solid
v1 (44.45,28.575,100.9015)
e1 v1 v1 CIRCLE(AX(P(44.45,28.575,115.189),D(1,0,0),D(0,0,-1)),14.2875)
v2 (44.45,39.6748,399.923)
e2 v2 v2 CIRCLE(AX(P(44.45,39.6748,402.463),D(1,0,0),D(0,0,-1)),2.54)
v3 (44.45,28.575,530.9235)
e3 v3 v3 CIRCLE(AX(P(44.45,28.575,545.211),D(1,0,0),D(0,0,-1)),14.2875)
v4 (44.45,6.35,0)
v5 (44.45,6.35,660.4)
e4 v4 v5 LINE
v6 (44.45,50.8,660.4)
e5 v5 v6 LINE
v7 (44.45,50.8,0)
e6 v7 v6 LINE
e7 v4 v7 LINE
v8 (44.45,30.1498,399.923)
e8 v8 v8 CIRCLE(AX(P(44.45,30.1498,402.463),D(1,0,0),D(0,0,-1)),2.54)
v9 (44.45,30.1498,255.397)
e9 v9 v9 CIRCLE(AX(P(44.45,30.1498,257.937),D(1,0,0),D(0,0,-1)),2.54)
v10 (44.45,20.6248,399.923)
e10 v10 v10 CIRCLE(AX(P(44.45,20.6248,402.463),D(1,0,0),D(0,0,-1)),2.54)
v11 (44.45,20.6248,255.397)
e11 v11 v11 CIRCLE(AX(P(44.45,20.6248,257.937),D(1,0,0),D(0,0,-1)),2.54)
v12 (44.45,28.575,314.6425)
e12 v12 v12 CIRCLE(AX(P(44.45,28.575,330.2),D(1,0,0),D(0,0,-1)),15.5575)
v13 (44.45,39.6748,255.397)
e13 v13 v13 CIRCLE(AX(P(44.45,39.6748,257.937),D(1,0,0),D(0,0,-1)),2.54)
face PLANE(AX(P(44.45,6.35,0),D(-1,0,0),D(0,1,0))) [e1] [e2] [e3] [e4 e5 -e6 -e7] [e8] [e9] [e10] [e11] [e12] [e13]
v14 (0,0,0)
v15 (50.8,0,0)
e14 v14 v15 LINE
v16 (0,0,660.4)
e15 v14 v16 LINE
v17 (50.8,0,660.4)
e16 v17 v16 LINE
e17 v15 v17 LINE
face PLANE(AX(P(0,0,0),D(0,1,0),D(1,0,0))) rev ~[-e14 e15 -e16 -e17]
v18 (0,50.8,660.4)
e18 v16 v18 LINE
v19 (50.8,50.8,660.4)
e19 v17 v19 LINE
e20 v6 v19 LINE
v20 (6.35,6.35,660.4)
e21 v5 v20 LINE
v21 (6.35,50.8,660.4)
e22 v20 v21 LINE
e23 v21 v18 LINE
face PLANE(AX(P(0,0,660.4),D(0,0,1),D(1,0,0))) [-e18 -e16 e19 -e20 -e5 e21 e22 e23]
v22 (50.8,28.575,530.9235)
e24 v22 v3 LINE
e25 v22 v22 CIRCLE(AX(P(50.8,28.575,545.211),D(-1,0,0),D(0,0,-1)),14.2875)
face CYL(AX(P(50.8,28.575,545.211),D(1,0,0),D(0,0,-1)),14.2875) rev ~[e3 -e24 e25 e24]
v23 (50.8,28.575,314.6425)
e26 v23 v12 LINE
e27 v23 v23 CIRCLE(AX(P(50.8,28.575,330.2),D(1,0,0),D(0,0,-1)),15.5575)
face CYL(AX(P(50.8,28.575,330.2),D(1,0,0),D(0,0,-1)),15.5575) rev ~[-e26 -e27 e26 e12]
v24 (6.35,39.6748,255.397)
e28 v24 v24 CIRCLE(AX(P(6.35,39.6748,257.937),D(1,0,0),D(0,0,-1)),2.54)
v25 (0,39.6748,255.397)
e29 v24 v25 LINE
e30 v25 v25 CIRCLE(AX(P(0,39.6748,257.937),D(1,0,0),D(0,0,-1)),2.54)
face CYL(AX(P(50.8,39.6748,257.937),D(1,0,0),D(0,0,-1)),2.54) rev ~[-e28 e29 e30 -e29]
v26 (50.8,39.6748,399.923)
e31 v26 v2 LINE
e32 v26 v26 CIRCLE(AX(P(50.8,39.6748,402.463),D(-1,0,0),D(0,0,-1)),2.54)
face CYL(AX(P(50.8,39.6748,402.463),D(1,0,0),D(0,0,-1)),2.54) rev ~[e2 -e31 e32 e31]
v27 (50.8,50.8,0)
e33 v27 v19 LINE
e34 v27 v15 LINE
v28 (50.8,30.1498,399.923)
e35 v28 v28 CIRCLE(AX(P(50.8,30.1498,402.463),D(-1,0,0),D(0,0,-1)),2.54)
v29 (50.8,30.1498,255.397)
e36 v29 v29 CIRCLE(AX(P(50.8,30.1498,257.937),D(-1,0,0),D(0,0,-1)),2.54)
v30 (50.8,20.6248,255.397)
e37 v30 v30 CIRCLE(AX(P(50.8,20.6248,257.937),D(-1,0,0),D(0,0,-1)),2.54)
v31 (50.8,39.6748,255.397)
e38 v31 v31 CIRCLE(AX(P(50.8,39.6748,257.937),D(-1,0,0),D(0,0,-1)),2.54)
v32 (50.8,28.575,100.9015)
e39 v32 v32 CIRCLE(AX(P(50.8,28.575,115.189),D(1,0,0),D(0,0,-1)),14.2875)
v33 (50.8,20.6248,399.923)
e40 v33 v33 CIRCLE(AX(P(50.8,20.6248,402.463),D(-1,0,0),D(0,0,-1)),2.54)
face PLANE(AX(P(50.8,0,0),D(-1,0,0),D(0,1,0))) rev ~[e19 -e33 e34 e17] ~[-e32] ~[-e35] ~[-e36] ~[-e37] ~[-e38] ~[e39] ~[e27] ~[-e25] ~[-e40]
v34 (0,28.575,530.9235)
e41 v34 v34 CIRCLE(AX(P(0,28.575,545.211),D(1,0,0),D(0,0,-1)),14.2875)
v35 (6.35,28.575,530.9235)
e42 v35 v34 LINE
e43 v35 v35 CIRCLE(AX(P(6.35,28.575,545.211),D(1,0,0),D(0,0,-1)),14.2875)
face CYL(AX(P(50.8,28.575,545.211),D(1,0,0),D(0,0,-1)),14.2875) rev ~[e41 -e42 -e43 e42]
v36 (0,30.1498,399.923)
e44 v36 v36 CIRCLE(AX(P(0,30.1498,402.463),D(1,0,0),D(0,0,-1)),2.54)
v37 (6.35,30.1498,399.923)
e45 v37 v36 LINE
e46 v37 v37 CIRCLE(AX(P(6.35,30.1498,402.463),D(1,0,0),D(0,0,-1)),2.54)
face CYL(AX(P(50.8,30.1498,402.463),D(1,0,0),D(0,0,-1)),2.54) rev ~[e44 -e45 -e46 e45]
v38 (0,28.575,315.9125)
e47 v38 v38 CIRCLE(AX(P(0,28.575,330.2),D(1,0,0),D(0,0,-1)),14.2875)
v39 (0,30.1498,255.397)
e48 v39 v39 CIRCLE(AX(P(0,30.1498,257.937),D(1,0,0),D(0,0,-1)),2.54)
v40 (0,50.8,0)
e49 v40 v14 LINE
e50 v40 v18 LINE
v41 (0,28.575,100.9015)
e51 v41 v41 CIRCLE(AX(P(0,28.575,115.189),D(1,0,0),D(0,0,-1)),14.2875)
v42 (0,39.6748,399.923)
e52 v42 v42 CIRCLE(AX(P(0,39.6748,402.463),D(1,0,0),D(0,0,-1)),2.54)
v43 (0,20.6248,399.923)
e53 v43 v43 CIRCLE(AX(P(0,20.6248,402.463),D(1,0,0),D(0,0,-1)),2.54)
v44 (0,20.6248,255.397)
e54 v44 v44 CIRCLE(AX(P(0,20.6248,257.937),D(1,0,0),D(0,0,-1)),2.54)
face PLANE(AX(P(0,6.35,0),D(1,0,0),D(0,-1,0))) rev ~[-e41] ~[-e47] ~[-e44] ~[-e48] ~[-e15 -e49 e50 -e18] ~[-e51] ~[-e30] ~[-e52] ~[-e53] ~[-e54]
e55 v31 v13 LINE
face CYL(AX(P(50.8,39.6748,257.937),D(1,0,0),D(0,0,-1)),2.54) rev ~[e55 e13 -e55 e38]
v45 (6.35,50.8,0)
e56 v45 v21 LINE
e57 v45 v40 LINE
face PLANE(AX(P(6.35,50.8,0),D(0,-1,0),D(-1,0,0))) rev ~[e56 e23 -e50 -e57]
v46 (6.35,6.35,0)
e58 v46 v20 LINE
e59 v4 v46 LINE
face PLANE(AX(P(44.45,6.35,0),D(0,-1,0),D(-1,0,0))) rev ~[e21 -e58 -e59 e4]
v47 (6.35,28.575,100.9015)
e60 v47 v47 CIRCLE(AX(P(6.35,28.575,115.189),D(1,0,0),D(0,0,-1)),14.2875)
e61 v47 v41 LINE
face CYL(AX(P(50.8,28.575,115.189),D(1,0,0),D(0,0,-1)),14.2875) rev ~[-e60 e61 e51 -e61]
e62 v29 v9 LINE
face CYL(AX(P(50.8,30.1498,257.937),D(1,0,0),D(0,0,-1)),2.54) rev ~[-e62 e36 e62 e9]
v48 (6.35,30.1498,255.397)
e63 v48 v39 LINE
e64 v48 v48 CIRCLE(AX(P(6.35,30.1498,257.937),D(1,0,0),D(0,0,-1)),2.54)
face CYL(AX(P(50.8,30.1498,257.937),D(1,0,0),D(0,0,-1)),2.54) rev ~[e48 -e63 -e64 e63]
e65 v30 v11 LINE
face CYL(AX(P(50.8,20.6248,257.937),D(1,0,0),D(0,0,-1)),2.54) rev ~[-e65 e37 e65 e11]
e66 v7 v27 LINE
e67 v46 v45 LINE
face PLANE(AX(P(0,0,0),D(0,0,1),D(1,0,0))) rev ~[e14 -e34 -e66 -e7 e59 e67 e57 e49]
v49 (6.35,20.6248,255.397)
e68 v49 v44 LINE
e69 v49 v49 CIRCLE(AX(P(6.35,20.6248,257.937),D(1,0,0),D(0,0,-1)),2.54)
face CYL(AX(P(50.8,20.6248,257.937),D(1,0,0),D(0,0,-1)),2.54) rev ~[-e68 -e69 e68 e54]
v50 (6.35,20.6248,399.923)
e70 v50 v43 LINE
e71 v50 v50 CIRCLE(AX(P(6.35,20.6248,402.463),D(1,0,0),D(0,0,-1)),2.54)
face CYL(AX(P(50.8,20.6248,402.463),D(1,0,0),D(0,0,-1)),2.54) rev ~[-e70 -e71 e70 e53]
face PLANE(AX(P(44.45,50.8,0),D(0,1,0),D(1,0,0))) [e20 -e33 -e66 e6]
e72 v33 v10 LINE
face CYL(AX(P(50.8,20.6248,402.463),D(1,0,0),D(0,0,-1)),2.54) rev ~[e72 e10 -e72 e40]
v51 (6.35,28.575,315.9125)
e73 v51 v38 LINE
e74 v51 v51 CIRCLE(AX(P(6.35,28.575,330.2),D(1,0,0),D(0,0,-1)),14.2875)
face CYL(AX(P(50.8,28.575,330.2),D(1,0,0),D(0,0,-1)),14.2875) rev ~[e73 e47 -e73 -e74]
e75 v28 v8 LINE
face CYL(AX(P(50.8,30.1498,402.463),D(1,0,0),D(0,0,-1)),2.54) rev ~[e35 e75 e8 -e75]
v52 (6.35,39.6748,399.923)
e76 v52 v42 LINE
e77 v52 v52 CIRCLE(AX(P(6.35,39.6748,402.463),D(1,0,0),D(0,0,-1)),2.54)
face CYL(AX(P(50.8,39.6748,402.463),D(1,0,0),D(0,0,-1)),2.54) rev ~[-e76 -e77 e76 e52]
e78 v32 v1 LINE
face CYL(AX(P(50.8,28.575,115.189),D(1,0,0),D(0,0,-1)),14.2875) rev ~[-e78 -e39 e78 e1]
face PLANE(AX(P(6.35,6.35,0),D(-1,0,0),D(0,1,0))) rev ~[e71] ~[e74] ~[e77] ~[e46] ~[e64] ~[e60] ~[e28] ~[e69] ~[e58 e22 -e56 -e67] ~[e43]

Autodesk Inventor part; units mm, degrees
ref_plane "YZ Plane" through (0, 0, 0) normal (1, 0, 0) x (0, 1, 0)
ref_plane "XZ Plane" through (0, 0, 0) normal (0, 1, 0) x (-1, 0, 0)
ref_plane "XY Plane" through (0, 0, 0) normal (0, 0, 1) x (1, 0, 0)
sketch "Sketch1" plane through (0, 0, 0) normal (0, 0, 1) x (1, 0, 0)
  line L0 (0, 0) -> (6.35, 0)
  line L1 (6.35, 0) -> (6.35, 50.8)
  line L2 (6.35, 50.8) -> (0, 50.8)
  line L3 (0, 50.8) -> (0, 0)
  line L4 (0, 0) -> (50.8, 0)
  line L5 (50.8, 0) -> (50.8, 6.35)
  line L6 (50.8, 6.35) -> (0, 6.35)
  line L7 (0, 6.35) -> (0, 0)
  line L8 (50.8, 0) -> (44.45, 0)
  line L9 (44.45, 0) -> (44.45, 50.8)
  line L10 (44.45, 50.8) -> (50.8, 50.8)
  line L11 (50.8, 50.8) -> (50.8, 0)
  dimension "d0" = 6.35
  dimension "d1" = 50.8
  dimension "d2" = 50.8
  dimension "d3" = 6.35
  dimension "d4" = 6.35
extrude "Extrusion1" add sketch "Sketch1" along normal blind 660.4
sketch "Sketch2" plane through (50.8, 0, 0) normal (1, 0, 0) x (0, 0, -1)
  line L0 (0, 0) -> (0, 6.35)
  line L1 (0, 0) -> (0, 50.8) projected
  line L2 (0, 6.35) -> (-660.4, 6.35)
  line L3 (0, 0) -> (-660.4, 0) projected
  line L4 (0, 6.35) -> (0, 50.8) projected
  line L5 (0, 28.575) -> (-115.189, 28.575)
  circle A0 centre (-115.189, 28.575) radius 14.2875
  line L6 (-660.4, 6.35) -> (-660.4, 50.8) projected
  line L7 (-660.4, 28.575) -> (-545.211, 28.575)
  circle A1 centre (-545.211, 28.575) radius 14.2875
  line L8 (0, 50.8) -> (-660.4, 50.8) projected
  line L9 (-330.2, 50.8) -> (-330.2, 28.575)
  circle A2 centre (-330.2, 28.575) radius 14.2875
  dimension "d7" = 6.35
  dimension "d8" = 115.189
  dimension "d9" = 28.575
  dimension "d10" = 115.189
  dimension "d11" = 28.575
extrude "Extrusion2" cut sketch "Sketch2" against normal blind 660.4 contours A0 | A2 | A1
sketch "Sketch3" plane through (50.8, 0, 0) normal (1, 0, 0) x (0, 0, -1)
  circle A0 centre (-330.2, 28.575) radius 14.2875 projected
  circle A1 centre (-330.2, 28.575) radius 15.5575
  point P0 (0, 0)
  dimension "d14" = 31.115
extrude "Extrusion3" cut sketch "Sketch3" against normal blind 25.4
sketch "Sketch4" plane through (50.8, 0, 0) normal (1, 0, 0) x (0, 0, -1)
  circle A0 centre (-330.2, 28.575) radius 15.5575 projected
  line L0 (-330.2, 28.575) -> (-330.2, 50.8)
  line L1 (0, 50.8) -> (-660.4, 50.8) projected
  line L2 (-330.2, 50.8) -> (-402.463, 50.8)
  line L3 (-402.463, 50.8) -> (-402.463, 39.6748)
  line L4 (-402.463, 39.6748) -> (-402.463, 30.1498)
  line L5 (-402.463, 30.1498) -> (-402.463, 20.6248)
  line L6 (-330.2, 50.8) -> (-257.937, 50.8)
  line L7 (-257.937, 50.8) -> (-257.937, 39.6748)
  line L8 (-257.937, 39.6748) -> (-257.937, 30.1498)
  line L9 (-257.937, 30.1498) -> (-257.937, 20.6248)
  circle A1 centre (-402.463, 39.6748) radius 2.54
  circle A2 centre (-402.463, 30.1498) radius 2.54
  circle A3 centre (-402.463, 20.6248) radius 2.54
  circle A4 centre (-257.937, 39.6748) radius 2.54
  circle A5 centre (-257.937, 30.1498) radius 2.54
  circle A6 centre (-257.937, 20.6248) radius 2.54
  point P0 (0, 0)
  dimension "d17" = 72.263
  dimension "d18" = 11.1252
  dimension "d19" = 9.525
  dimension "d20" = 9.525
  dimension "d21" = 72.263
  dimension "d22" = 5.08
extrude "Extrusion4" cut sketch "Sketch4" against normal blind 84.1375 contours A3 | A2 L5 L4 | L4 L5 A2 | A1 L4 L3 | L3 L4 A1 | A6 | A5 L9 L8 | L8 L9 A5 | A4 L8 L7 | L7 L8 A4
properties part number "U" material "Aluminum 6061"
